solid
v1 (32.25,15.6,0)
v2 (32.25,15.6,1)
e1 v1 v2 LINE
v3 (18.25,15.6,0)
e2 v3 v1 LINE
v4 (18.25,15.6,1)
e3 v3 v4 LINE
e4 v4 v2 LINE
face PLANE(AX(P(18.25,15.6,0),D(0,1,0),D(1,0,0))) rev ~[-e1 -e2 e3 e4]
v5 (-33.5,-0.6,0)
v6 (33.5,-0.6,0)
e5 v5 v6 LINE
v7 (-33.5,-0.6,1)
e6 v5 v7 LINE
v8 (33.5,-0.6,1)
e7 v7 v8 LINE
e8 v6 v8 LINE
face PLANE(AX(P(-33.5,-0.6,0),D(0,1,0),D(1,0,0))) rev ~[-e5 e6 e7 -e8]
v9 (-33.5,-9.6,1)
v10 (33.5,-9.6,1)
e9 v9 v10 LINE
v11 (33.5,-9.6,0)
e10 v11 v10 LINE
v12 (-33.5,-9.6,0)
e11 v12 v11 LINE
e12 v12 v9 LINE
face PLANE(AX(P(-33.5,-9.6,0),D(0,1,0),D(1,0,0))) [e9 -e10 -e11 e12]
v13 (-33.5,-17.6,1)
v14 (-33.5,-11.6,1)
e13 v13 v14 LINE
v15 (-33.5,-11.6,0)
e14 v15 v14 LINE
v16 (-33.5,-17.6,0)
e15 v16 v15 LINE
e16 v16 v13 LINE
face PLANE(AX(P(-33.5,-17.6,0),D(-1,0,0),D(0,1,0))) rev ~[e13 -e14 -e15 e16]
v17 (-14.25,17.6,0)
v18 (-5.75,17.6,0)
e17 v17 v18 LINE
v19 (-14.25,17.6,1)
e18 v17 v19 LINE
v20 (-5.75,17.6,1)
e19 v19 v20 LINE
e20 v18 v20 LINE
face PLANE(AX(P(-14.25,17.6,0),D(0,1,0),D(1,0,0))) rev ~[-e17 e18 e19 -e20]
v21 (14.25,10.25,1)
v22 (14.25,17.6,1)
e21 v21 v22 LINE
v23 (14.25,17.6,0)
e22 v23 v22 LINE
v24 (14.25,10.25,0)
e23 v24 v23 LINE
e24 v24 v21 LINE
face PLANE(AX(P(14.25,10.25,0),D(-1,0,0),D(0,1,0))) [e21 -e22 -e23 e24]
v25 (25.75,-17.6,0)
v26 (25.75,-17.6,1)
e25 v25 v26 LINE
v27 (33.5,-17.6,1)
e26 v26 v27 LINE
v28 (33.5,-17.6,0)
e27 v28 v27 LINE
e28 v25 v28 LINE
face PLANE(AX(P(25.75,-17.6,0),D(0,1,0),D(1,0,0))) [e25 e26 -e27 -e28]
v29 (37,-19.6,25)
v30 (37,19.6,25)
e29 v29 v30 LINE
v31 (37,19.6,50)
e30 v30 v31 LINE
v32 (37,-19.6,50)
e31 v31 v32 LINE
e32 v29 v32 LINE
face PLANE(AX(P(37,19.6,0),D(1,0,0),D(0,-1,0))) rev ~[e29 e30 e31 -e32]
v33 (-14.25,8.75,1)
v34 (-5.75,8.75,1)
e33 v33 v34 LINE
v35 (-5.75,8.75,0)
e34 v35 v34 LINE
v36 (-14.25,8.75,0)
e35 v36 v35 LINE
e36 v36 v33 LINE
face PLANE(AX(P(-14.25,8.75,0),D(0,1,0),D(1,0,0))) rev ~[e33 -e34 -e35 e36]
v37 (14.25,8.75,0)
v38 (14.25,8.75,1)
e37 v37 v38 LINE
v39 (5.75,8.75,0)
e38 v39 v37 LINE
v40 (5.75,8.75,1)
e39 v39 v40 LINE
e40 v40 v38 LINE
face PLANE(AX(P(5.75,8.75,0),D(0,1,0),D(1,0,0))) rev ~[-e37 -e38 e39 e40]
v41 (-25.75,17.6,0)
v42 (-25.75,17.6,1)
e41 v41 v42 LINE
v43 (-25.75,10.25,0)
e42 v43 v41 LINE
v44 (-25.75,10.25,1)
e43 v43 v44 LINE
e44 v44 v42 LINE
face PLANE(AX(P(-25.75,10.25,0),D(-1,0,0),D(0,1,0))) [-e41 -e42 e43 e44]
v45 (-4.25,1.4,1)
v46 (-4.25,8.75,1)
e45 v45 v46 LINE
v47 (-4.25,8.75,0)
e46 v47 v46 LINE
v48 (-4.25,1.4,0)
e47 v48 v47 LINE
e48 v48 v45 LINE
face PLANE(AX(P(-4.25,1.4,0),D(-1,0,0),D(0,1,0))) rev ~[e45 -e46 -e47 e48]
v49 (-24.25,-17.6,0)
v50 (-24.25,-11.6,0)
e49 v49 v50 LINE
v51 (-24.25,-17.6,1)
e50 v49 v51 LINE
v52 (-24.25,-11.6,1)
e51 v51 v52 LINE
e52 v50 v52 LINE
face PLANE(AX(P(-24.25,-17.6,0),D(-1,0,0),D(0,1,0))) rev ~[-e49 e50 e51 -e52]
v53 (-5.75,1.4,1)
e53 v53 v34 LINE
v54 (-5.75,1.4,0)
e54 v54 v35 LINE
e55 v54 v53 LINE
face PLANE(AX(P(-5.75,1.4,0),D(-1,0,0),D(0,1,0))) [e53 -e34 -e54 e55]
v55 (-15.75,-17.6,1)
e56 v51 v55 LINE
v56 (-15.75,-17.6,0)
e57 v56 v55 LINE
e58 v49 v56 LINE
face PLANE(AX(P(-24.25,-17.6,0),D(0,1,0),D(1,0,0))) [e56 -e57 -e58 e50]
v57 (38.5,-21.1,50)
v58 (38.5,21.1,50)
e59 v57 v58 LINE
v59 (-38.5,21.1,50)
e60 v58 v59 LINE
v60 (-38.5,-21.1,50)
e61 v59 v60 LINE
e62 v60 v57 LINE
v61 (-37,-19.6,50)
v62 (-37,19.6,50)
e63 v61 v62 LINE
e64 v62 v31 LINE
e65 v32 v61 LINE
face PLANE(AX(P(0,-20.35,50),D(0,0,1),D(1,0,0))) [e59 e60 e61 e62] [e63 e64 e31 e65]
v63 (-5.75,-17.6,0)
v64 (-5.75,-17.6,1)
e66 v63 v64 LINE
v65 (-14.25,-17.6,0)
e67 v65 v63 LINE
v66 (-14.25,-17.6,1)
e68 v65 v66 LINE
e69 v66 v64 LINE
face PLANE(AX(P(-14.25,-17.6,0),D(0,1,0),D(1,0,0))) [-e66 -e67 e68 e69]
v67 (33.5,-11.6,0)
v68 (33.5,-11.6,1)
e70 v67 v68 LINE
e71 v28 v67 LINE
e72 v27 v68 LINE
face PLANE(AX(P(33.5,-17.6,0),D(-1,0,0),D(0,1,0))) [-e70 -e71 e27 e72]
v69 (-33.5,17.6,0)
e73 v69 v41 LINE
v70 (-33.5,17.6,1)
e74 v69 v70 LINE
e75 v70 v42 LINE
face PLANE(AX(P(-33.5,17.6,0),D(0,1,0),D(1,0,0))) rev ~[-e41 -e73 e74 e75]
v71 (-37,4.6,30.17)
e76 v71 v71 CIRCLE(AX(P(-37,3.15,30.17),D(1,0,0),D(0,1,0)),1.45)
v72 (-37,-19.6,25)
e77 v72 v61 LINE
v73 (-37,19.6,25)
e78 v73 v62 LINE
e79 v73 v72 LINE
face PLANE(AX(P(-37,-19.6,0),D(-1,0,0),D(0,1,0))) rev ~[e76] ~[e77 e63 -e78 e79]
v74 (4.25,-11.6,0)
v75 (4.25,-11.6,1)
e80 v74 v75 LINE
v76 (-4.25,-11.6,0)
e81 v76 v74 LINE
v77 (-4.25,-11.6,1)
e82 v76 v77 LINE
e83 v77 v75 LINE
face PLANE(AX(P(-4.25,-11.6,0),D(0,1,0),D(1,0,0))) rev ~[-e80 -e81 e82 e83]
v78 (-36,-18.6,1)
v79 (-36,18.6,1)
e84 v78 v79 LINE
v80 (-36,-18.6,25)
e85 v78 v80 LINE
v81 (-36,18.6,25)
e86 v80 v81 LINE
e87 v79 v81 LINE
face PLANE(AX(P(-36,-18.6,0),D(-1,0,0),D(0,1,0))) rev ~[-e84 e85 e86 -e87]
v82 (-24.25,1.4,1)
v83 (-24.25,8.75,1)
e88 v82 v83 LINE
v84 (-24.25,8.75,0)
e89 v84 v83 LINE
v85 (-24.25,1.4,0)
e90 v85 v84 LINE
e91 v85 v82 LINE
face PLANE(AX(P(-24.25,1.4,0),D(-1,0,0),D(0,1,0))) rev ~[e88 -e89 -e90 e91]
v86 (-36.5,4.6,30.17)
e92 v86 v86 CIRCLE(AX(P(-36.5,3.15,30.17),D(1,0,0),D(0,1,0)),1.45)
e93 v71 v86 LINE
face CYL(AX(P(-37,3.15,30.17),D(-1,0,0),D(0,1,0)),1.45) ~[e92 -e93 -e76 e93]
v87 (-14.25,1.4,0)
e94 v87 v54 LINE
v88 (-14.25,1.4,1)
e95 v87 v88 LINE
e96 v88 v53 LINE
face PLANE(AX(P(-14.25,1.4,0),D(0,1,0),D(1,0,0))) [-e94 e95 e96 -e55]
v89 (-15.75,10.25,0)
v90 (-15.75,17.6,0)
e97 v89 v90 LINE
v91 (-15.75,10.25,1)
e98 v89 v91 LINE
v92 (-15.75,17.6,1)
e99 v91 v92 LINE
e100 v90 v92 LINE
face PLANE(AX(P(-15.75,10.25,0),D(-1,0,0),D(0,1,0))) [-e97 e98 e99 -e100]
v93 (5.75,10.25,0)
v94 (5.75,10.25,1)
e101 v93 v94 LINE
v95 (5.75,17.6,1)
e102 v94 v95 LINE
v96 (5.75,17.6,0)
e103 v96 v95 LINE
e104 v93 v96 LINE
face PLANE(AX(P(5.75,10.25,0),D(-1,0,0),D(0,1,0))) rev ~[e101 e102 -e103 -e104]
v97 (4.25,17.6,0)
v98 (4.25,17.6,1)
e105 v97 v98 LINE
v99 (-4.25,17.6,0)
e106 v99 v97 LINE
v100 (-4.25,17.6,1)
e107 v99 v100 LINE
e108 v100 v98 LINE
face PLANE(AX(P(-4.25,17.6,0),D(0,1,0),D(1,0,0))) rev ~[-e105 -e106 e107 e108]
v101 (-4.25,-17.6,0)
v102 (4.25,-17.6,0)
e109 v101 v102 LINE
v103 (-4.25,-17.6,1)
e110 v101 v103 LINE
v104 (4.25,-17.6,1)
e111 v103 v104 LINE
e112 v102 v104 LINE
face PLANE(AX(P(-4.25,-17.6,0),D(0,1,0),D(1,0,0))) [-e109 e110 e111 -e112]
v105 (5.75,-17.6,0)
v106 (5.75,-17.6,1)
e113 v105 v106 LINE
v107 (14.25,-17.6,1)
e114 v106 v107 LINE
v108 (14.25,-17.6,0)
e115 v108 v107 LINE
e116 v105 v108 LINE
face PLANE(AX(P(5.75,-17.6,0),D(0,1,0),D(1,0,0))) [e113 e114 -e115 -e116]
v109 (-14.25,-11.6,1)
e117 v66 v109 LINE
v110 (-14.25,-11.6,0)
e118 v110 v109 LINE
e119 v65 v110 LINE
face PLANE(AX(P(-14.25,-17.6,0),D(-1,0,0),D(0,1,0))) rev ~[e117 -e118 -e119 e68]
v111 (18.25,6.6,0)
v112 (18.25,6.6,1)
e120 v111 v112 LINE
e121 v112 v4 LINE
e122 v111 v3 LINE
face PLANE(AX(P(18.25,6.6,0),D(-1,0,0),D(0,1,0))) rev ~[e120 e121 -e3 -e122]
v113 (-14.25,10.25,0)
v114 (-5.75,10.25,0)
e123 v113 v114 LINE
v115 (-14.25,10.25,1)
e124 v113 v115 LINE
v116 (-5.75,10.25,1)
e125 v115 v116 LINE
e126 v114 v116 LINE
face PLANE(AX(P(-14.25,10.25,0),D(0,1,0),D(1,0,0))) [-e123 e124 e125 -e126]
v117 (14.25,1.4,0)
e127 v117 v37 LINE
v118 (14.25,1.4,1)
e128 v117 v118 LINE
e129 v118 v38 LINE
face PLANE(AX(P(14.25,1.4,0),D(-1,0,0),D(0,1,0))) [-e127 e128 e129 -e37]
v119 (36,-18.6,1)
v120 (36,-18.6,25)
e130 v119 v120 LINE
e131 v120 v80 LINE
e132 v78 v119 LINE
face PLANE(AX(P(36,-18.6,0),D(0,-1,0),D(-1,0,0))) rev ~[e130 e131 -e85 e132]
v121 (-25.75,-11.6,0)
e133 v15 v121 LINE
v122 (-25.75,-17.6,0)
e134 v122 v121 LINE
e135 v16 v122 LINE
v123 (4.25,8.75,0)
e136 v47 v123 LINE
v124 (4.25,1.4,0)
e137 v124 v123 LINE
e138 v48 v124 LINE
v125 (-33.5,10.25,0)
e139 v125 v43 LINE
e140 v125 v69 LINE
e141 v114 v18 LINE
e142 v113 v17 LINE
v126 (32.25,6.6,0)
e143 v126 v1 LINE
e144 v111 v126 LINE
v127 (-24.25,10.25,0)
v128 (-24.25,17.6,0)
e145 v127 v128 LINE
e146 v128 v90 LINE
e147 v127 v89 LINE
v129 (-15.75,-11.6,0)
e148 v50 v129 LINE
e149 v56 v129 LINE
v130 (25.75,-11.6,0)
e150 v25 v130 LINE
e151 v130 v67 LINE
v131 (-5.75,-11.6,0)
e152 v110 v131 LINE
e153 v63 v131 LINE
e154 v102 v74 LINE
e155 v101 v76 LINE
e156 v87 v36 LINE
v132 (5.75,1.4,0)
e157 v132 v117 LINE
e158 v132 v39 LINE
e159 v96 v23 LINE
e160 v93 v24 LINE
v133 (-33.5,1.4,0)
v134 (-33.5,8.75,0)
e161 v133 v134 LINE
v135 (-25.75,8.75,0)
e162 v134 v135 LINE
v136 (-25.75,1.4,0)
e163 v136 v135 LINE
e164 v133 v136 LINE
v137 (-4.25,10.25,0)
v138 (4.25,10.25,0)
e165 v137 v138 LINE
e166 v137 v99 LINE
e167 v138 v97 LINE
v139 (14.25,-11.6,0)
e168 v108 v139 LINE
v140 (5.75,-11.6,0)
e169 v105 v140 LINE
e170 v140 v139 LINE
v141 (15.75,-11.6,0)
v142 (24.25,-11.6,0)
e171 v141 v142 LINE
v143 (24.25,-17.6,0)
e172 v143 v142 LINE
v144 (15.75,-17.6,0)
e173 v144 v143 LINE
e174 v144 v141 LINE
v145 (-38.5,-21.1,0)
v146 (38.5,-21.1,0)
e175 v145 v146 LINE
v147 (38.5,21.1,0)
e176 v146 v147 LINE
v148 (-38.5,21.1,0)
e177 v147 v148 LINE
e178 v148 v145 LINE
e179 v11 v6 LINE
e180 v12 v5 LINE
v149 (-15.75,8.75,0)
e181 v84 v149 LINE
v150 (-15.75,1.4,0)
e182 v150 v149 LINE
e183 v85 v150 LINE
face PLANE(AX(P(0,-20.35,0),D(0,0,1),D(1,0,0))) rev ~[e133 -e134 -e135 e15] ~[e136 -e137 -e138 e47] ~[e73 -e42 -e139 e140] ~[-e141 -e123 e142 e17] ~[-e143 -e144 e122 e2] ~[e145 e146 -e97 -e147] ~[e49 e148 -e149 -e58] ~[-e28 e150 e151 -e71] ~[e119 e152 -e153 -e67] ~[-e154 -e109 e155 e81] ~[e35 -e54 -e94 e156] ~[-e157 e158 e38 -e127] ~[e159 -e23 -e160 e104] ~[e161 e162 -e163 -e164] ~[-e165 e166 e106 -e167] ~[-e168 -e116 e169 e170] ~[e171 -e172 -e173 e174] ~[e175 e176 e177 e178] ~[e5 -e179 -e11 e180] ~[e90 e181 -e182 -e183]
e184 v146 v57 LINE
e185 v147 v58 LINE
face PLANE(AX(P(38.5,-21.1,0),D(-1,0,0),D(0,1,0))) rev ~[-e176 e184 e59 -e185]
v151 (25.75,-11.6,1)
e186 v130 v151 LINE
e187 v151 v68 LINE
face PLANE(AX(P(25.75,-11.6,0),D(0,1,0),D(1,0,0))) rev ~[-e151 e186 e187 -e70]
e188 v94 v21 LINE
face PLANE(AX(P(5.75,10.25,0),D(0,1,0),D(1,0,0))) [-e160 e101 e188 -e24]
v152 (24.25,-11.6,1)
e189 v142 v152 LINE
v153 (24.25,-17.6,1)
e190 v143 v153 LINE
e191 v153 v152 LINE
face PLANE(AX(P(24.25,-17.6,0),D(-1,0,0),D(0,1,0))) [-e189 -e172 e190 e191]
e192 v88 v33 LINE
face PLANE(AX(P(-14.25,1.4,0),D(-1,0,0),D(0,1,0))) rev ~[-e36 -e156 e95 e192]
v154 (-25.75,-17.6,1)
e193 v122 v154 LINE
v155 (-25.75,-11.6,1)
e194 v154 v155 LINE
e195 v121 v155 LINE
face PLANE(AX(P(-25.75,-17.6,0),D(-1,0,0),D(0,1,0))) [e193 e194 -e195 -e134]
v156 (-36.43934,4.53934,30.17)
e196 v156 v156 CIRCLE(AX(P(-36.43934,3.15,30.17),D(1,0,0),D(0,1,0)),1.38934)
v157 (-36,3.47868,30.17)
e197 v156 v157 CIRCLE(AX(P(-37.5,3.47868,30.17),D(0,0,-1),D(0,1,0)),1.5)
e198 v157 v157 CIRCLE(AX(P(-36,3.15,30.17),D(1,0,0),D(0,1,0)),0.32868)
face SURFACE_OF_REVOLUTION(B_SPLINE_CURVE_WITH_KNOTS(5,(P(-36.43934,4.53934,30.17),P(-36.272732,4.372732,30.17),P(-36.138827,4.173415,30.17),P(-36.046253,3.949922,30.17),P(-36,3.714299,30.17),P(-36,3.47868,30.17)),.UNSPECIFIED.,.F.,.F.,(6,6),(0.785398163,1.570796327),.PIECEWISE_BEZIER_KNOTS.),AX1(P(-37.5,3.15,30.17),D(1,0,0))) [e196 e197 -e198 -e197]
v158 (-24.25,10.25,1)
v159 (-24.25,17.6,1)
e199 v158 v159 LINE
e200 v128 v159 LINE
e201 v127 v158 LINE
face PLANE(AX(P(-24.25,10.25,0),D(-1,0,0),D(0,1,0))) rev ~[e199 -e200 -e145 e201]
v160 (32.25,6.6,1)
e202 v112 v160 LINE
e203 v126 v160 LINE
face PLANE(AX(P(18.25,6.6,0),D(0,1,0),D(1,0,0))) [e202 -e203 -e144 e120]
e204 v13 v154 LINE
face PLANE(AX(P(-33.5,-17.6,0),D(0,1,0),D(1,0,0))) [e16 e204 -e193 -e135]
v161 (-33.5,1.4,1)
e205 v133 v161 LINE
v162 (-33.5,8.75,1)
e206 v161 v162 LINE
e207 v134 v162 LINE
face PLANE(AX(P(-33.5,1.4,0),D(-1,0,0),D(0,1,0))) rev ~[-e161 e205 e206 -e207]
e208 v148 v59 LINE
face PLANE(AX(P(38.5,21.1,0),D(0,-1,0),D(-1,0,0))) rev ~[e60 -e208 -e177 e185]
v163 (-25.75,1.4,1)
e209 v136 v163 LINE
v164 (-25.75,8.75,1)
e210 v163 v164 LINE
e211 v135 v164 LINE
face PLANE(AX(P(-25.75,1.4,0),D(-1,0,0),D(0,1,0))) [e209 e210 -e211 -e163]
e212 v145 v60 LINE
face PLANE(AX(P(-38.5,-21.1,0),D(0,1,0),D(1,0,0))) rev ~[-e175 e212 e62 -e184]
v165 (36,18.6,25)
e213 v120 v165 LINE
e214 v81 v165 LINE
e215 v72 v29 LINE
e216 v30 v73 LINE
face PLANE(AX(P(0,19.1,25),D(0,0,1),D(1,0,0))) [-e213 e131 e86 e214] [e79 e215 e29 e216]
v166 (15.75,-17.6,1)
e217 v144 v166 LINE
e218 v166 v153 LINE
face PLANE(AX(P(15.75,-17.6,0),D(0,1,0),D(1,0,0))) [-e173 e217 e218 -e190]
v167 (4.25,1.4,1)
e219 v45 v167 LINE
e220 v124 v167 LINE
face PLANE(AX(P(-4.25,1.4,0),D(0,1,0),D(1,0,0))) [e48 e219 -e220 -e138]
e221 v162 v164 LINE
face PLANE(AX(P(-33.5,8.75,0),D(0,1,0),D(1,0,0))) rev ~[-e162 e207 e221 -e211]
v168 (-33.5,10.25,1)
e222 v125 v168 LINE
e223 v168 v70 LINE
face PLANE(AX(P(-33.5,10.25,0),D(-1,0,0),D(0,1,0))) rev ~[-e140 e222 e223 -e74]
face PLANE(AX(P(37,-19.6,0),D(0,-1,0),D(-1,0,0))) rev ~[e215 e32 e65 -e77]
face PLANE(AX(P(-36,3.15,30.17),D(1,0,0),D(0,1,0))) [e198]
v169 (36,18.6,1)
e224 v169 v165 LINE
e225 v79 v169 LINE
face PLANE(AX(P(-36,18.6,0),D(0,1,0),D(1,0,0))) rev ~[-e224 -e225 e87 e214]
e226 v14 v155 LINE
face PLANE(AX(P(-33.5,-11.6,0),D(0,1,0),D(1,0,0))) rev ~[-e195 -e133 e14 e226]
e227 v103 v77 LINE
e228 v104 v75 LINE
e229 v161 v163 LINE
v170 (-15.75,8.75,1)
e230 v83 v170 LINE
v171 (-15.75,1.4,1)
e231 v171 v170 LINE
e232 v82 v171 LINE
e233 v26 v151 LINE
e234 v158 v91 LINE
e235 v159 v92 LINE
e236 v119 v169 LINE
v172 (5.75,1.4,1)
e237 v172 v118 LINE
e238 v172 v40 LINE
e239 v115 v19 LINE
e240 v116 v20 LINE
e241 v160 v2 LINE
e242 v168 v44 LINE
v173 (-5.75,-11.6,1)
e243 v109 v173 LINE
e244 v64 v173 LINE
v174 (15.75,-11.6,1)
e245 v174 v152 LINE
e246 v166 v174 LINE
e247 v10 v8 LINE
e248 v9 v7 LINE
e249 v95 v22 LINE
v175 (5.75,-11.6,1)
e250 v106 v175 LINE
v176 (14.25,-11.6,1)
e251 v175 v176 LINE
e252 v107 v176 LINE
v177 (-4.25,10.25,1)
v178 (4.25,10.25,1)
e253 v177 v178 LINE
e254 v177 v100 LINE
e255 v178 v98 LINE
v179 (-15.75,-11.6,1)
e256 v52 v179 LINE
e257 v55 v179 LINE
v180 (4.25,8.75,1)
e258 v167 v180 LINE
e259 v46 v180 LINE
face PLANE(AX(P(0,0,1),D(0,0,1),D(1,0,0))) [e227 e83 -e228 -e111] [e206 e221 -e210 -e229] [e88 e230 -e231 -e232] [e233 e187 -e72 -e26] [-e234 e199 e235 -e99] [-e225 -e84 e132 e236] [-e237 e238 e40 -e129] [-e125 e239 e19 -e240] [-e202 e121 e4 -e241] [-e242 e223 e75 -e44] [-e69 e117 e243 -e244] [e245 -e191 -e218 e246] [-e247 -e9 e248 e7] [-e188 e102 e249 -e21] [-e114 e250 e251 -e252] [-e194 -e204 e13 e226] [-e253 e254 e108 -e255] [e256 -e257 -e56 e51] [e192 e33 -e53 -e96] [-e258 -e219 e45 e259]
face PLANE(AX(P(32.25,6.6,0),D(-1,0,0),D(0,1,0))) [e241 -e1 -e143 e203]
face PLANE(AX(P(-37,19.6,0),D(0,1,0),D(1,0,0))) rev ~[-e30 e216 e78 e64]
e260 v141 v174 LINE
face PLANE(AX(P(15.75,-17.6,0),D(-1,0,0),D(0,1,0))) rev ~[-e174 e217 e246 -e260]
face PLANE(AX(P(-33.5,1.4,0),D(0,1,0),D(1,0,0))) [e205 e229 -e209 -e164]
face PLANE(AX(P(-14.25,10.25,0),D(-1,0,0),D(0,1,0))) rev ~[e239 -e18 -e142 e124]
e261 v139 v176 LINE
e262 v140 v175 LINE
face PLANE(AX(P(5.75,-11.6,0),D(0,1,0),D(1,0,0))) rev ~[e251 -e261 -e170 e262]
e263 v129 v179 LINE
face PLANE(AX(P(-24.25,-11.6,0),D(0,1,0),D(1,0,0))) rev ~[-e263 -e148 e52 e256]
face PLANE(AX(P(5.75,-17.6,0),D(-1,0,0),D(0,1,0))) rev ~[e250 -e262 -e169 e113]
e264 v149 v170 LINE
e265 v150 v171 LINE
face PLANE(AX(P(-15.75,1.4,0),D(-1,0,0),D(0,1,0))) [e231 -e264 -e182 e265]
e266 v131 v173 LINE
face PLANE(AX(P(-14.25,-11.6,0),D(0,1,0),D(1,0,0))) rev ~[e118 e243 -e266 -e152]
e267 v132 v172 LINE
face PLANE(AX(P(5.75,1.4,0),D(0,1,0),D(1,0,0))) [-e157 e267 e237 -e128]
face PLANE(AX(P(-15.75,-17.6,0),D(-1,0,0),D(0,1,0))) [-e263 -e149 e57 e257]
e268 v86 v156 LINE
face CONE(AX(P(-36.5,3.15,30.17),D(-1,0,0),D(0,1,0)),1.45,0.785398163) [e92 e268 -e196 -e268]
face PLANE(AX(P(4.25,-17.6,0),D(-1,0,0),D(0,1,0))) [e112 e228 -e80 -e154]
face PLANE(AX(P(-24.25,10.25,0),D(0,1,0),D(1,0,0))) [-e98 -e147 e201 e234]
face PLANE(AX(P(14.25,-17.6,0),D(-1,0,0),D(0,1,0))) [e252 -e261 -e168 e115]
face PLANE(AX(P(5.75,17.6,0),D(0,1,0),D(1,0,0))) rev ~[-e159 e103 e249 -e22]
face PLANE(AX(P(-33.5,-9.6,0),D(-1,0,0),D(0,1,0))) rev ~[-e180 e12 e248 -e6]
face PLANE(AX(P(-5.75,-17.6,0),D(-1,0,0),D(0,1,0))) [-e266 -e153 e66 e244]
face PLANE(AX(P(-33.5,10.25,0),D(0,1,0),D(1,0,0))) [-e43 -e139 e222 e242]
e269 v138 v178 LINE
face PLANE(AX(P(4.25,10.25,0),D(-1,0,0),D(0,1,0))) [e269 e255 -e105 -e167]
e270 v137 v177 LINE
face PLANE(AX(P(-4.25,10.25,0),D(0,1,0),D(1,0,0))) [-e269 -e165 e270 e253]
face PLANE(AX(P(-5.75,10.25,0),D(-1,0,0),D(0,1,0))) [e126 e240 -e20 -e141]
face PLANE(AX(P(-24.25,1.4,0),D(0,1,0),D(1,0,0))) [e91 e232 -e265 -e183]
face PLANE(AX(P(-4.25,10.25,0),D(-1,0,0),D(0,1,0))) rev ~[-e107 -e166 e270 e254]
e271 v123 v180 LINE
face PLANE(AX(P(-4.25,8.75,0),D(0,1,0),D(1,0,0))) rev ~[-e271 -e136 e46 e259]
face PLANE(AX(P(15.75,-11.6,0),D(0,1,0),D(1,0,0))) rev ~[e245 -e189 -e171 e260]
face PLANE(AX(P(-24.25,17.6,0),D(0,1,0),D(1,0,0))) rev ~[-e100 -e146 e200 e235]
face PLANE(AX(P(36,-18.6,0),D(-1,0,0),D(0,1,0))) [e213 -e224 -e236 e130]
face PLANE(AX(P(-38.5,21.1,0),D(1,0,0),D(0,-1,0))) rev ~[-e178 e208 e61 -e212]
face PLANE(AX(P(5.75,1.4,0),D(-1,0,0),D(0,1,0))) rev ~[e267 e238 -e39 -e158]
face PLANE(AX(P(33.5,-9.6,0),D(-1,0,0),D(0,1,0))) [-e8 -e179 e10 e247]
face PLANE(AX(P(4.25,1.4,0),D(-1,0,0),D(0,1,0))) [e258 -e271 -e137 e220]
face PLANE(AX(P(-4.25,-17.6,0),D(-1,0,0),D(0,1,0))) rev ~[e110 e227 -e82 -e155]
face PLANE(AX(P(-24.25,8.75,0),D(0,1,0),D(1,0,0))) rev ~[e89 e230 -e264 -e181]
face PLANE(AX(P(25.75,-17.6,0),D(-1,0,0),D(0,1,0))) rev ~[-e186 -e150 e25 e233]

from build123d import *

# Parameters (mm, degrees)
F0_W     = 72
F0_H     = 37.2
F0_W_2   = 7.75
F0_H_2   = 6
F0_W_3   = 8.5
F0_W_4   = 67
F0_H_3   = 9
F0_H_4   = 7.35
F0_W_5   = 14
F1_DEPTH = 1
F0_W_6   = 1
F2_DEPTH = 25
F3_DEPTH = 50
F5_R     = 1.45
F6_DEPTH = 1
F7_SIZE  = 0.5
F8_R     = 1.5


with BuildPart() as f1:
    # F0 (on Top) → F1 (new body)
    with BuildSketch(Plane.XY):
        Rectangle(F0_W, F0_H)
        with Locations((-29.625, -14.6)):
            Rectangle(F0_W_2, F0_H_2, mode=Mode.SUBTRACT)
        with Locations((-20, -14.6)):
            Rectangle(F0_W_3, F0_H_2, mode=Mode.SUBTRACT)
        with Locations((-10, -14.6)):
            Rectangle(F0_W_3, F0_H_2, mode=Mode.SUBTRACT)
        with Locations((0, -14.6)):
            Rectangle(F0_W_3, F0_H_2, mode=Mode.SUBTRACT)
        with Locations((10, -14.6)):
            Rectangle(F0_W_3, F0_H_2, mode=Mode.SUBTRACT)
        with Locations((20, -14.6)):
            Rectangle(F0_W_3, F0_H_2, mode=Mode.SUBTRACT)
        with Locations((29.625, -14.6)):
            Rectangle(F0_W_2, F0_H_2, mode=Mode.SUBTRACT)
        with Locations((0, -5.1)):
            Rectangle(F0_W_4, F0_H_3, mode=Mode.SUBTRACT)
        with Locations((-29.625, 5.075)):
            Rectangle(F0_W_2, F0_H_4, mode=Mode.SUBTRACT)
        with Locations((-20, 5.075)):
            Rectangle(F0_W_3, F0_H_4, mode=Mode.SUBTRACT)
        with Locations((-10, 5.075)):
            Rectangle(F0_W_3, F0_H_4, mode=Mode.SUBTRACT)
        with Locations((-29.625, 13.925)):
            Rectangle(F0_W_2, F0_H_4, mode=Mode.SUBTRACT)
        with Locations((-20, 13.925)):
            Rectangle(F0_W_3, F0_H_4, mode=Mode.SUBTRACT)
        with Locations((-10, 13.925)):
            Rectangle(F0_W_3, F0_H_4, mode=Mode.SUBTRACT)
        with Locations((0, 5.075)):
            Rectangle(F0_W_3, F0_H_4, mode=Mode.SUBTRACT)
        with Locations((10, 5.075)):
            Rectangle(F0_W_3, F0_H_4, mode=Mode.SUBTRACT)
        with Locations((0, 13.925)):
            Rectangle(F0_W_3, F0_H_4, mode=Mode.SUBTRACT)
        with Locations((10, 13.925)):
            Rectangle(F0_W_3, F0_H_4, mode=Mode.SUBTRACT)
        with Locations((25.25, 11.1)):
            Rectangle(F0_W_5, F0_H_3, mode=Mode.SUBTRACT)
    extrude(amount=F1_DEPTH)

    # F0 (on Top) → F2 (join)
    with BuildSketch(Plane.XY):
        Polygon((36, 18.6), (37, 18.6), (37, 19.6), (-37, 19.6), (-37, 18.6), (-36, 18.6), align=None)
        Polygon((37, -19.6), (37, -18.6), (36, -18.6), (-36, -18.6), (-37, -18.6), (-37, -19.6), align=None)
        with Locations((-36.5, 0)):
            Rectangle(F0_W_6, F0_H)
        with Locations((36.5, 0)):
            Rectangle(F0_W_6, F0_H)
    extrude(amount=F2_DEPTH)

    # F0 (on Top) → F3 (join)
    with BuildSketch(Plane.XY):
        Polygon((38.5, -19.6), (37, -19.6), (-37, -19.6), (-38.5, -19.6), (-38.5, -21.1), (38.5, -21.1), align=None)
        Polygon((-37, 18.6), (-37, 19.6), (-38.5, 19.6), (-38.5, -19.6), (-37, -19.6), (-37, -18.6), align=None)
        Polygon((37, 19.6), (37, 18.6), (37, -18.6), (37, -19.6), (38.5, -19.6), (38.5, 19.6), align=None)
        Polygon((-37, 19.6), (37, 19.6), (38.5, 19.6), (38.5, 21.1), (-38.5, 21.1), (-38.5, 19.6), align=None)
    extrude(amount=F3_DEPTH)

    # F5 (on face) → F6 (join)
    with BuildSketch(Plane.YZ.offset(-37)):
        with Locations((3.15, 30.17)):
            Circle(F5_R)
    extrude(amount=F6_DEPTH)

    # F7
    f7_edges = [f1.edges().sort_by_distance(p)[0] for p in [
        (-36, 1.7, 30.17),
    ]]
    chamfer(f7_edges, length=F7_SIZE)

    # F8
    f8_edges = [f1.edges().sort_by_distance(p)[0] for p in [
        (-36, 2.2, 30.17),
    ]]
    fillet(f8_edges, radius=F8_R)


solid = f1.part
